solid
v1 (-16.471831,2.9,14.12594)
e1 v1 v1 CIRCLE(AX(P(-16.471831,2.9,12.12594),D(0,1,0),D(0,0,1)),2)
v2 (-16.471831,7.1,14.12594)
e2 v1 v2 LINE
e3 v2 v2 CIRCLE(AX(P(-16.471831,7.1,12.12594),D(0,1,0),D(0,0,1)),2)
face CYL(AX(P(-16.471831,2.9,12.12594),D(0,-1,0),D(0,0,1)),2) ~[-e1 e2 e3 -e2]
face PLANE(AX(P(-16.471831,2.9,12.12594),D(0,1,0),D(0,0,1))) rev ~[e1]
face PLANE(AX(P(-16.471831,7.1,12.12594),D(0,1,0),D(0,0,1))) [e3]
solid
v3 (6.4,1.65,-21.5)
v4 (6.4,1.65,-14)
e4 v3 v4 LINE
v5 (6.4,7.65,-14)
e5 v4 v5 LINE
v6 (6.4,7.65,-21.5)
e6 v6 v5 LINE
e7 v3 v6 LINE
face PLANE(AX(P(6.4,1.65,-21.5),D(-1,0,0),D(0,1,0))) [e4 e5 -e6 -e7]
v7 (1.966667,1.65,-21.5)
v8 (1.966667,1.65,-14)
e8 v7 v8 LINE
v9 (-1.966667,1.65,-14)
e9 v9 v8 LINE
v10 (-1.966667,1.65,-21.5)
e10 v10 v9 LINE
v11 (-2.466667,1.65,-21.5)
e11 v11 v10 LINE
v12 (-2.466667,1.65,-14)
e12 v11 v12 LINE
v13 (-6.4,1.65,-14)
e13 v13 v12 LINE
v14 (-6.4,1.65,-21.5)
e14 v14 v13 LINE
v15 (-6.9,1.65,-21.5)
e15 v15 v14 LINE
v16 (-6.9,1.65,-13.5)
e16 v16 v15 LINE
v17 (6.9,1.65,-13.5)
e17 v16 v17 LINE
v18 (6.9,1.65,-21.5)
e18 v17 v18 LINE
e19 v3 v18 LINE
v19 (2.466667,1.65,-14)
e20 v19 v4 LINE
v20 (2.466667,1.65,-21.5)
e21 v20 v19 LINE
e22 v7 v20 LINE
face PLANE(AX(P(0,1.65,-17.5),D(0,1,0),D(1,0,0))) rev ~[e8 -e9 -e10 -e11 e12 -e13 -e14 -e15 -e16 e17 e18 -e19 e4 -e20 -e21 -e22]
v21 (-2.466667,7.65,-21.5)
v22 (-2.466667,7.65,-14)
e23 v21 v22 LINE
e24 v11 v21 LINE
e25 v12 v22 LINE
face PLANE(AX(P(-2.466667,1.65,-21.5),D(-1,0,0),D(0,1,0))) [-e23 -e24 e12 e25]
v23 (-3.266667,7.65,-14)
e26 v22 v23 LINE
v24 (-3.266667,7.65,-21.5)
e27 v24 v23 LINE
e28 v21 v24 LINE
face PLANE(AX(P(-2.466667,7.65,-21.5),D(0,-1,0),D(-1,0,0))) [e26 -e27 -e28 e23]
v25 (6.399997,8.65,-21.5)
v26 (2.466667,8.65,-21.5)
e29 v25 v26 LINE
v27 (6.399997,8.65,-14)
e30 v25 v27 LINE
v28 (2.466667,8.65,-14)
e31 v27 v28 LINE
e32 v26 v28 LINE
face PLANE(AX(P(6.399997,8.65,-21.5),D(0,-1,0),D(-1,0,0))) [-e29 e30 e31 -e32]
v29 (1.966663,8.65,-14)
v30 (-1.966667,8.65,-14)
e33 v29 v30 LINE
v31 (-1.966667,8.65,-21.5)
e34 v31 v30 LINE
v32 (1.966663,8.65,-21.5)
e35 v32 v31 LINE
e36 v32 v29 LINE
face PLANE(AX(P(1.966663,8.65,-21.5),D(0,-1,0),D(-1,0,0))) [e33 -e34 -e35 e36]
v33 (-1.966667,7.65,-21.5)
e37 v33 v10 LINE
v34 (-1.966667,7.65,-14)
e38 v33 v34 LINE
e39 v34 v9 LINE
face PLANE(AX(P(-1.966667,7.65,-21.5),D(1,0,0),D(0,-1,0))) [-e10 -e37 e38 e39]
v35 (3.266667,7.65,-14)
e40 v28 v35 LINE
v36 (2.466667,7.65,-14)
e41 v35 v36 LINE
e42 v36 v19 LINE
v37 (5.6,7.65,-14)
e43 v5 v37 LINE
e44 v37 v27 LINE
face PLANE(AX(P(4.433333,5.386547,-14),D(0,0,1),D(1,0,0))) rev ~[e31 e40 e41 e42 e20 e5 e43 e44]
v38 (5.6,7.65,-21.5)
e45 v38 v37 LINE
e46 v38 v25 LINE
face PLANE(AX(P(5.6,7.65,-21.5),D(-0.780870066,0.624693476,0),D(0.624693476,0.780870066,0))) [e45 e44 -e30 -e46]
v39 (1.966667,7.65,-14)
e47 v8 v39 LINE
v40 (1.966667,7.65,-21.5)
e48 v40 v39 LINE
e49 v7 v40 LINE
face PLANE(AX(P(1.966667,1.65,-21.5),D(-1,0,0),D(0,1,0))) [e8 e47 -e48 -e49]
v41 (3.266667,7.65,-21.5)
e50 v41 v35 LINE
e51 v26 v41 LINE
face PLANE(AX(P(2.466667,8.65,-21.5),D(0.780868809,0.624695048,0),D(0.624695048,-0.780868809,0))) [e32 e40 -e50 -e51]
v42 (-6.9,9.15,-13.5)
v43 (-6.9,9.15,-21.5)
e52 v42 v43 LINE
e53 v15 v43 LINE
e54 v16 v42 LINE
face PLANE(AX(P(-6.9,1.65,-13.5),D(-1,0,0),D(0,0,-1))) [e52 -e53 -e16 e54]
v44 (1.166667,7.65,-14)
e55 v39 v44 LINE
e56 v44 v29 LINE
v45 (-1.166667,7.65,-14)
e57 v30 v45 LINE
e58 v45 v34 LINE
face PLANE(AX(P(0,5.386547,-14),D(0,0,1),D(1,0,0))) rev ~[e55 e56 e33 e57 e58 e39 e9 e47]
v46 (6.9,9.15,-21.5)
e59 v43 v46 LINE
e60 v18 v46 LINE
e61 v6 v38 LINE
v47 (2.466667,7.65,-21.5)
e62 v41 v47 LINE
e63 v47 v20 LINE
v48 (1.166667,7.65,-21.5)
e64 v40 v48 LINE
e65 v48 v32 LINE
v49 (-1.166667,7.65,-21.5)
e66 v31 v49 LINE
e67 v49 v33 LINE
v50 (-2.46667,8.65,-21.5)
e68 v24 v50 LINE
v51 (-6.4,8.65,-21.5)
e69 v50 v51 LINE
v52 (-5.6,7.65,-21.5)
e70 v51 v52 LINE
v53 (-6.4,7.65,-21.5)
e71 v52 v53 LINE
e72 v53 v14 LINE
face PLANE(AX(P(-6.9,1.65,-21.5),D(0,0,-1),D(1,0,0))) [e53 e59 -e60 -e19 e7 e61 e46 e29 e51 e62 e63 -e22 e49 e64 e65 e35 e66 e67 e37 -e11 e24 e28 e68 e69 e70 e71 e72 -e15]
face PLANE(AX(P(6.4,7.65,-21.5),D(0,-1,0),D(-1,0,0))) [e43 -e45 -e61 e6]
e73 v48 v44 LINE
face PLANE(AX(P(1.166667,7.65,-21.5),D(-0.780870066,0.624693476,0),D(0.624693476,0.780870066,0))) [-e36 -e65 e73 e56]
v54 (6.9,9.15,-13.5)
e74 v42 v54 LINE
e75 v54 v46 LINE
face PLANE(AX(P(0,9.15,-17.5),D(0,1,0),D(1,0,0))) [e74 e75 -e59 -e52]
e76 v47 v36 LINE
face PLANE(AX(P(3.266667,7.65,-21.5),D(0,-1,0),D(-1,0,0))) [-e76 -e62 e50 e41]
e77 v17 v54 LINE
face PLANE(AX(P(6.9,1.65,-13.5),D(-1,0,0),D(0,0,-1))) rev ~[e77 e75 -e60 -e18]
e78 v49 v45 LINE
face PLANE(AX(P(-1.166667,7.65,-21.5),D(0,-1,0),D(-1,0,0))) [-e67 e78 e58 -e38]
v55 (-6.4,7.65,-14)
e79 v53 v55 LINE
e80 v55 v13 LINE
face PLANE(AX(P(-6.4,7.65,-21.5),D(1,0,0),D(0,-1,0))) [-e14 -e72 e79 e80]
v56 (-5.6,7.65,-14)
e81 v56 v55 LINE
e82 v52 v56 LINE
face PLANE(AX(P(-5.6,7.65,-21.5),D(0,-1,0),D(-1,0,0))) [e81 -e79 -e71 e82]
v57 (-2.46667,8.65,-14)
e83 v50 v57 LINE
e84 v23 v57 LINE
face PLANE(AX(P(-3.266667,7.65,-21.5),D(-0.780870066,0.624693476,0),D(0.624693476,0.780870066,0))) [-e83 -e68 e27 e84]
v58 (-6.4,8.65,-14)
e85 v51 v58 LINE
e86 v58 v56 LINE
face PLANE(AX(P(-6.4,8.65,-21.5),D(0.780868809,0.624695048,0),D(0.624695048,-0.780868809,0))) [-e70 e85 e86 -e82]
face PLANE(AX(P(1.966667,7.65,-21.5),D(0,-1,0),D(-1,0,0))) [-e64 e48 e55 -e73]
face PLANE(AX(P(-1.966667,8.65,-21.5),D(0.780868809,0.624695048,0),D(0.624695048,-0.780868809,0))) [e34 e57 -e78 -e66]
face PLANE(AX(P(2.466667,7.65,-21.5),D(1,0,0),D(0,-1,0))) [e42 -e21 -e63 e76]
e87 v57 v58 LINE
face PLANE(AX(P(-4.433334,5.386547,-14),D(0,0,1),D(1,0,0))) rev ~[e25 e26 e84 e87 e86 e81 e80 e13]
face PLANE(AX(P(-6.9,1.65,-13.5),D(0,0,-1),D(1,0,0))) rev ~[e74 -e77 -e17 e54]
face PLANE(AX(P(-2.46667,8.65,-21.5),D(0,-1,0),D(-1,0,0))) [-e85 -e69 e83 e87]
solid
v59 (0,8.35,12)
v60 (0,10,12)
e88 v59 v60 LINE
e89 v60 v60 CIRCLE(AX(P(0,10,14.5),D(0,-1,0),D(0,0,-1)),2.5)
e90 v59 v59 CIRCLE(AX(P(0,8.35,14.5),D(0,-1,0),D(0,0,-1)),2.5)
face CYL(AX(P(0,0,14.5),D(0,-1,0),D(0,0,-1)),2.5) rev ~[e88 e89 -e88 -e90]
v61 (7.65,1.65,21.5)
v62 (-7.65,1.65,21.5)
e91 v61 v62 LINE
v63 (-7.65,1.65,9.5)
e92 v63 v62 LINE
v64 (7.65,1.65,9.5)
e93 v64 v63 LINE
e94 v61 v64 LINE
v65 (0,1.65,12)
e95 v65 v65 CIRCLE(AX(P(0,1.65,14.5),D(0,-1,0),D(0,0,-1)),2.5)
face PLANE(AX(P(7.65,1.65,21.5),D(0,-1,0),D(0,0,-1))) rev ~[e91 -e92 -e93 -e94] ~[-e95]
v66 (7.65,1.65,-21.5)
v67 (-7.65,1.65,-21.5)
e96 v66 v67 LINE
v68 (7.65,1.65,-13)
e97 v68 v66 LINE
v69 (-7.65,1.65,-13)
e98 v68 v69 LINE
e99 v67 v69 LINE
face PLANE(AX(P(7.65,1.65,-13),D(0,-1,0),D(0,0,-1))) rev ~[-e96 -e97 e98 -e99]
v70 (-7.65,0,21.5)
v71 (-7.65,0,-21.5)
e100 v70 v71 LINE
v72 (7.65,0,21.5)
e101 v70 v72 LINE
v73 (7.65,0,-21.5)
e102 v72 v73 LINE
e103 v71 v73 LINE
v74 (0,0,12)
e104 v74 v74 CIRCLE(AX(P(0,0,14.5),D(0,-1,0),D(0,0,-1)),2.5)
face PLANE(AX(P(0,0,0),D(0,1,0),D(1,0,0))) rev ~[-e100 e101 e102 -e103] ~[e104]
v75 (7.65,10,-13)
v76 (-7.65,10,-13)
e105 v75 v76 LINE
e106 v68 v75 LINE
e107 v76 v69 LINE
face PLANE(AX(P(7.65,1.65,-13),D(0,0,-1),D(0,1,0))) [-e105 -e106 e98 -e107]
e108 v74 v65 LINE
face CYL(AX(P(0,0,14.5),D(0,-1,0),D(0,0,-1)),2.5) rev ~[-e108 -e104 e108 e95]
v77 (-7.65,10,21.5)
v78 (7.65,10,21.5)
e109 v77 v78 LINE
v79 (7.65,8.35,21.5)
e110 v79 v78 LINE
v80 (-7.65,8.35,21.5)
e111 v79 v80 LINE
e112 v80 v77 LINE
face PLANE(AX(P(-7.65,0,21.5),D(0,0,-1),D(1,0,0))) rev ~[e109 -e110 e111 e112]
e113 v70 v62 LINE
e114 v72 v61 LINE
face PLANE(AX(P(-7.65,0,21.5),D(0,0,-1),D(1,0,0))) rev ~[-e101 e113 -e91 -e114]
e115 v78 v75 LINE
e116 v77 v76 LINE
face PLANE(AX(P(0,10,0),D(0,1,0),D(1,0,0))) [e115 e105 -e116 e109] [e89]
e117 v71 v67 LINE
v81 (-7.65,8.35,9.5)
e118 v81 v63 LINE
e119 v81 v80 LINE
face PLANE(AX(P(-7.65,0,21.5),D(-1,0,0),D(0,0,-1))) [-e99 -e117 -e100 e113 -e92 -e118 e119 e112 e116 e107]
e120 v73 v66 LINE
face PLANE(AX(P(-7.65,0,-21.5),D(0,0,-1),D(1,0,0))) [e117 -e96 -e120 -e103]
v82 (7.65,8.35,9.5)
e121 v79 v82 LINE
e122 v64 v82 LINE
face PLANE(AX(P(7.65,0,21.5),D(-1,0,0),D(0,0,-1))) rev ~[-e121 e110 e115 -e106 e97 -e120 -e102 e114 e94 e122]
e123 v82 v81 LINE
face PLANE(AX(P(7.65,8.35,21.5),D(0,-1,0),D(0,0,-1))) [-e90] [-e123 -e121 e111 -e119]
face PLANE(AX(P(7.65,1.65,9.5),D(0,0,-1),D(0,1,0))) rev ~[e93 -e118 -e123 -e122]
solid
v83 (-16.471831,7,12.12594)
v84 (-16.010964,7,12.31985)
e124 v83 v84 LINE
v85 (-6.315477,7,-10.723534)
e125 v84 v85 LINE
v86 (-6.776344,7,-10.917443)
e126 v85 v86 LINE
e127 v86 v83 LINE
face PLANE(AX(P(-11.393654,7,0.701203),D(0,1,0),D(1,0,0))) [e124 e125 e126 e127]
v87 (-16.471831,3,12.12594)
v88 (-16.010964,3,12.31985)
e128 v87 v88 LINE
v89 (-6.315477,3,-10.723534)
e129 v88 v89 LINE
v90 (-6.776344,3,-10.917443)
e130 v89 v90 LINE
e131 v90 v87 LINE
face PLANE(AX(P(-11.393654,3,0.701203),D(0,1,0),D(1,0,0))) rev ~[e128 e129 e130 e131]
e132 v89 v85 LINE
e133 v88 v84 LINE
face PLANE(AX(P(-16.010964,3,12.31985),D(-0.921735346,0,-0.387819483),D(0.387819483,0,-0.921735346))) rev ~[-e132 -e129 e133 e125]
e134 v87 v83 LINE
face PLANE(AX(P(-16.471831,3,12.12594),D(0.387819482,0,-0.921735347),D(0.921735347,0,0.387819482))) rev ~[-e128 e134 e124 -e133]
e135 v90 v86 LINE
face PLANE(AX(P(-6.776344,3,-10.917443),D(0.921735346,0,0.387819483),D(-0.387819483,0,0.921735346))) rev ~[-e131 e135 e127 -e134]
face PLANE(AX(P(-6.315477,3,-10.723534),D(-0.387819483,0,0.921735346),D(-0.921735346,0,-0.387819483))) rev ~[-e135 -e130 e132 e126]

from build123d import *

# Parameters (mm, degrees)
SKETCH1_W                = 15.3
SKETCH1_H                = 43
BOSS_EXTRUDE1_DEPTH      = 10
SKETCH2_W                = 12
SKETCH2_H                = 6.7
SKETCH2_W_2              = 8.5
SKETCH2_H_2              = 8.35
CUT_EXTRUDE1_DEPTH       = 29.219496806
SKETCH3_W                = 13.8
SKETCH3_H                = 8
BOSS_EXTRUDE2_DEPTH      = 7.5
CUT_EXTRUDE2_DEPTH       = 7.5
LPATTERN1_COUNT          = 3
LPATTERN1_PITCH          = 4.433333333
BOSS_EXTRUDE3_DEPTH      = 4
BOSS_EXTRUDE4_DEPTH      = 4.1
BOSS_EXTRUDE4_DEPTH_BACK = 0.1
SKETCH7_R                = 2
SKETCH8_R                = 2.5
CUT_EXTRUDE3_DEPTH       = 31.057587225


with BuildPart() as part:
    # Sketch1 → Boss-Extrude1 (new body)
    with BuildSketch(Plane(origin=(0, 0, 0), x_dir=(1, 0, 0), z_dir=(0, 1, 0))):
        Rectangle(SKETCH1_W, SKETCH1_H)
    extrude(amount=BOSS_EXTRUDE1_DEPTH)

    # Sketch2 → Cut-Extrude1 (cut, through all)
    with BuildSketch(Plane(origin=(7.65, 0, 0), x_dir=(0, 0, -1), z_dir=(1, 0, 0))):
        with Locations((-15.5, 5)):
            Rectangle(SKETCH2_W, SKETCH2_H)
        with Locations((17.25, 5.825)):
            Rectangle(SKETCH2_W_2, SKETCH2_H_2)
    extrude(amount=-CUT_EXTRUDE1_DEPTH, mode=Mode.SUBTRACT)

    # Sketch8 → Cut-Extrude3 (cut, through all)
    with BuildSketch(Plane.XZ):
        with Locations(Location((0, 14.5, 0), (0, 0, 270))):
            Circle(SKETCH8_R)
    extrude(amount=-CUT_EXTRUDE3_DEPTH, mode=Mode.SUBTRACT)


with BuildPart() as body_2:
    # Sketch3 → Boss-Extrude2 (new body)
    with BuildSketch(Plane(origin=(0, 1.65, 0), x_dir=(1, 0, 0), z_dir=(0, 1, 0))):
        with Locations((0, 17.5)):
            Rectangle(SKETCH3_W, SKETCH3_H)
    extrude(amount=BOSS_EXTRUDE2_DEPTH)

    # Sketch4 → Cut-Extrude2 (cut)
    with BuildSketch(Plane(origin=(0, 0, -21.5), x_dir=(-1, 0, 0), z_dir=(0, 0, -1))):
        Polygon((-6.4, 1.65), (-6.4, 7.65), (-5.6, 7.65), (-6.3999967, 8.65), (-2.4666667, 8.65), (-3.2666667, 7.65), (-2.4666667, 7.65), (-2.4666667, 1.65), align=None)
    cut_extrude2 = extrude(amount=-CUT_EXTRUDE2_DEPTH, mode=Mode.SUBTRACT)

    # LPattern1: Cut-Extrude2 ×3
    with Locations(*[(-i * LPATTERN1_PITCH, 0, 0) for i in range(1, LPATTERN1_COUNT)]):
        add(cut_extrude2, mode=Mode.SUBTRACT)


with BuildPart() as body_3:
    # Sketch6 → Boss-Extrude3 (new body)
    with BuildSketch(Plane(origin=(0, 3, 0), x_dir=(1, 0, 0), z_dir=(0, 1, 0))):
        Polygon((-6.77634418, 10.917443401), (-16.471831252, -12.125940258), (-16.010963579, -12.319849999), (-6.315476506, 10.723533659), align=None)
    extrude(amount=BOSS_EXTRUDE3_DEPTH)


with BuildPart() as body_4:
    # Sketch7 → Boss-Extrude4 (new, two sides: drawn at the far end of the back side and taken through both)
    with BuildSketch(Plane(origin=(0, 3, 0), x_dir=(1, 0, 0), z_dir=(0, 1, 0)).offset(-BOSS_EXTRUDE4_DEPTH_BACK)):
        with Locations(Location((-16.471831252, -12.125940258, 0), (0, 0, 270))):
            Circle(SKETCH7_R)
    extrude(amount=BOSS_EXTRUDE4_DEPTH + BOSS_EXTRUDE4_DEPTH_BACK)


solid = Compound([part.part, body_2.part, body_3.part, body_4.part])
